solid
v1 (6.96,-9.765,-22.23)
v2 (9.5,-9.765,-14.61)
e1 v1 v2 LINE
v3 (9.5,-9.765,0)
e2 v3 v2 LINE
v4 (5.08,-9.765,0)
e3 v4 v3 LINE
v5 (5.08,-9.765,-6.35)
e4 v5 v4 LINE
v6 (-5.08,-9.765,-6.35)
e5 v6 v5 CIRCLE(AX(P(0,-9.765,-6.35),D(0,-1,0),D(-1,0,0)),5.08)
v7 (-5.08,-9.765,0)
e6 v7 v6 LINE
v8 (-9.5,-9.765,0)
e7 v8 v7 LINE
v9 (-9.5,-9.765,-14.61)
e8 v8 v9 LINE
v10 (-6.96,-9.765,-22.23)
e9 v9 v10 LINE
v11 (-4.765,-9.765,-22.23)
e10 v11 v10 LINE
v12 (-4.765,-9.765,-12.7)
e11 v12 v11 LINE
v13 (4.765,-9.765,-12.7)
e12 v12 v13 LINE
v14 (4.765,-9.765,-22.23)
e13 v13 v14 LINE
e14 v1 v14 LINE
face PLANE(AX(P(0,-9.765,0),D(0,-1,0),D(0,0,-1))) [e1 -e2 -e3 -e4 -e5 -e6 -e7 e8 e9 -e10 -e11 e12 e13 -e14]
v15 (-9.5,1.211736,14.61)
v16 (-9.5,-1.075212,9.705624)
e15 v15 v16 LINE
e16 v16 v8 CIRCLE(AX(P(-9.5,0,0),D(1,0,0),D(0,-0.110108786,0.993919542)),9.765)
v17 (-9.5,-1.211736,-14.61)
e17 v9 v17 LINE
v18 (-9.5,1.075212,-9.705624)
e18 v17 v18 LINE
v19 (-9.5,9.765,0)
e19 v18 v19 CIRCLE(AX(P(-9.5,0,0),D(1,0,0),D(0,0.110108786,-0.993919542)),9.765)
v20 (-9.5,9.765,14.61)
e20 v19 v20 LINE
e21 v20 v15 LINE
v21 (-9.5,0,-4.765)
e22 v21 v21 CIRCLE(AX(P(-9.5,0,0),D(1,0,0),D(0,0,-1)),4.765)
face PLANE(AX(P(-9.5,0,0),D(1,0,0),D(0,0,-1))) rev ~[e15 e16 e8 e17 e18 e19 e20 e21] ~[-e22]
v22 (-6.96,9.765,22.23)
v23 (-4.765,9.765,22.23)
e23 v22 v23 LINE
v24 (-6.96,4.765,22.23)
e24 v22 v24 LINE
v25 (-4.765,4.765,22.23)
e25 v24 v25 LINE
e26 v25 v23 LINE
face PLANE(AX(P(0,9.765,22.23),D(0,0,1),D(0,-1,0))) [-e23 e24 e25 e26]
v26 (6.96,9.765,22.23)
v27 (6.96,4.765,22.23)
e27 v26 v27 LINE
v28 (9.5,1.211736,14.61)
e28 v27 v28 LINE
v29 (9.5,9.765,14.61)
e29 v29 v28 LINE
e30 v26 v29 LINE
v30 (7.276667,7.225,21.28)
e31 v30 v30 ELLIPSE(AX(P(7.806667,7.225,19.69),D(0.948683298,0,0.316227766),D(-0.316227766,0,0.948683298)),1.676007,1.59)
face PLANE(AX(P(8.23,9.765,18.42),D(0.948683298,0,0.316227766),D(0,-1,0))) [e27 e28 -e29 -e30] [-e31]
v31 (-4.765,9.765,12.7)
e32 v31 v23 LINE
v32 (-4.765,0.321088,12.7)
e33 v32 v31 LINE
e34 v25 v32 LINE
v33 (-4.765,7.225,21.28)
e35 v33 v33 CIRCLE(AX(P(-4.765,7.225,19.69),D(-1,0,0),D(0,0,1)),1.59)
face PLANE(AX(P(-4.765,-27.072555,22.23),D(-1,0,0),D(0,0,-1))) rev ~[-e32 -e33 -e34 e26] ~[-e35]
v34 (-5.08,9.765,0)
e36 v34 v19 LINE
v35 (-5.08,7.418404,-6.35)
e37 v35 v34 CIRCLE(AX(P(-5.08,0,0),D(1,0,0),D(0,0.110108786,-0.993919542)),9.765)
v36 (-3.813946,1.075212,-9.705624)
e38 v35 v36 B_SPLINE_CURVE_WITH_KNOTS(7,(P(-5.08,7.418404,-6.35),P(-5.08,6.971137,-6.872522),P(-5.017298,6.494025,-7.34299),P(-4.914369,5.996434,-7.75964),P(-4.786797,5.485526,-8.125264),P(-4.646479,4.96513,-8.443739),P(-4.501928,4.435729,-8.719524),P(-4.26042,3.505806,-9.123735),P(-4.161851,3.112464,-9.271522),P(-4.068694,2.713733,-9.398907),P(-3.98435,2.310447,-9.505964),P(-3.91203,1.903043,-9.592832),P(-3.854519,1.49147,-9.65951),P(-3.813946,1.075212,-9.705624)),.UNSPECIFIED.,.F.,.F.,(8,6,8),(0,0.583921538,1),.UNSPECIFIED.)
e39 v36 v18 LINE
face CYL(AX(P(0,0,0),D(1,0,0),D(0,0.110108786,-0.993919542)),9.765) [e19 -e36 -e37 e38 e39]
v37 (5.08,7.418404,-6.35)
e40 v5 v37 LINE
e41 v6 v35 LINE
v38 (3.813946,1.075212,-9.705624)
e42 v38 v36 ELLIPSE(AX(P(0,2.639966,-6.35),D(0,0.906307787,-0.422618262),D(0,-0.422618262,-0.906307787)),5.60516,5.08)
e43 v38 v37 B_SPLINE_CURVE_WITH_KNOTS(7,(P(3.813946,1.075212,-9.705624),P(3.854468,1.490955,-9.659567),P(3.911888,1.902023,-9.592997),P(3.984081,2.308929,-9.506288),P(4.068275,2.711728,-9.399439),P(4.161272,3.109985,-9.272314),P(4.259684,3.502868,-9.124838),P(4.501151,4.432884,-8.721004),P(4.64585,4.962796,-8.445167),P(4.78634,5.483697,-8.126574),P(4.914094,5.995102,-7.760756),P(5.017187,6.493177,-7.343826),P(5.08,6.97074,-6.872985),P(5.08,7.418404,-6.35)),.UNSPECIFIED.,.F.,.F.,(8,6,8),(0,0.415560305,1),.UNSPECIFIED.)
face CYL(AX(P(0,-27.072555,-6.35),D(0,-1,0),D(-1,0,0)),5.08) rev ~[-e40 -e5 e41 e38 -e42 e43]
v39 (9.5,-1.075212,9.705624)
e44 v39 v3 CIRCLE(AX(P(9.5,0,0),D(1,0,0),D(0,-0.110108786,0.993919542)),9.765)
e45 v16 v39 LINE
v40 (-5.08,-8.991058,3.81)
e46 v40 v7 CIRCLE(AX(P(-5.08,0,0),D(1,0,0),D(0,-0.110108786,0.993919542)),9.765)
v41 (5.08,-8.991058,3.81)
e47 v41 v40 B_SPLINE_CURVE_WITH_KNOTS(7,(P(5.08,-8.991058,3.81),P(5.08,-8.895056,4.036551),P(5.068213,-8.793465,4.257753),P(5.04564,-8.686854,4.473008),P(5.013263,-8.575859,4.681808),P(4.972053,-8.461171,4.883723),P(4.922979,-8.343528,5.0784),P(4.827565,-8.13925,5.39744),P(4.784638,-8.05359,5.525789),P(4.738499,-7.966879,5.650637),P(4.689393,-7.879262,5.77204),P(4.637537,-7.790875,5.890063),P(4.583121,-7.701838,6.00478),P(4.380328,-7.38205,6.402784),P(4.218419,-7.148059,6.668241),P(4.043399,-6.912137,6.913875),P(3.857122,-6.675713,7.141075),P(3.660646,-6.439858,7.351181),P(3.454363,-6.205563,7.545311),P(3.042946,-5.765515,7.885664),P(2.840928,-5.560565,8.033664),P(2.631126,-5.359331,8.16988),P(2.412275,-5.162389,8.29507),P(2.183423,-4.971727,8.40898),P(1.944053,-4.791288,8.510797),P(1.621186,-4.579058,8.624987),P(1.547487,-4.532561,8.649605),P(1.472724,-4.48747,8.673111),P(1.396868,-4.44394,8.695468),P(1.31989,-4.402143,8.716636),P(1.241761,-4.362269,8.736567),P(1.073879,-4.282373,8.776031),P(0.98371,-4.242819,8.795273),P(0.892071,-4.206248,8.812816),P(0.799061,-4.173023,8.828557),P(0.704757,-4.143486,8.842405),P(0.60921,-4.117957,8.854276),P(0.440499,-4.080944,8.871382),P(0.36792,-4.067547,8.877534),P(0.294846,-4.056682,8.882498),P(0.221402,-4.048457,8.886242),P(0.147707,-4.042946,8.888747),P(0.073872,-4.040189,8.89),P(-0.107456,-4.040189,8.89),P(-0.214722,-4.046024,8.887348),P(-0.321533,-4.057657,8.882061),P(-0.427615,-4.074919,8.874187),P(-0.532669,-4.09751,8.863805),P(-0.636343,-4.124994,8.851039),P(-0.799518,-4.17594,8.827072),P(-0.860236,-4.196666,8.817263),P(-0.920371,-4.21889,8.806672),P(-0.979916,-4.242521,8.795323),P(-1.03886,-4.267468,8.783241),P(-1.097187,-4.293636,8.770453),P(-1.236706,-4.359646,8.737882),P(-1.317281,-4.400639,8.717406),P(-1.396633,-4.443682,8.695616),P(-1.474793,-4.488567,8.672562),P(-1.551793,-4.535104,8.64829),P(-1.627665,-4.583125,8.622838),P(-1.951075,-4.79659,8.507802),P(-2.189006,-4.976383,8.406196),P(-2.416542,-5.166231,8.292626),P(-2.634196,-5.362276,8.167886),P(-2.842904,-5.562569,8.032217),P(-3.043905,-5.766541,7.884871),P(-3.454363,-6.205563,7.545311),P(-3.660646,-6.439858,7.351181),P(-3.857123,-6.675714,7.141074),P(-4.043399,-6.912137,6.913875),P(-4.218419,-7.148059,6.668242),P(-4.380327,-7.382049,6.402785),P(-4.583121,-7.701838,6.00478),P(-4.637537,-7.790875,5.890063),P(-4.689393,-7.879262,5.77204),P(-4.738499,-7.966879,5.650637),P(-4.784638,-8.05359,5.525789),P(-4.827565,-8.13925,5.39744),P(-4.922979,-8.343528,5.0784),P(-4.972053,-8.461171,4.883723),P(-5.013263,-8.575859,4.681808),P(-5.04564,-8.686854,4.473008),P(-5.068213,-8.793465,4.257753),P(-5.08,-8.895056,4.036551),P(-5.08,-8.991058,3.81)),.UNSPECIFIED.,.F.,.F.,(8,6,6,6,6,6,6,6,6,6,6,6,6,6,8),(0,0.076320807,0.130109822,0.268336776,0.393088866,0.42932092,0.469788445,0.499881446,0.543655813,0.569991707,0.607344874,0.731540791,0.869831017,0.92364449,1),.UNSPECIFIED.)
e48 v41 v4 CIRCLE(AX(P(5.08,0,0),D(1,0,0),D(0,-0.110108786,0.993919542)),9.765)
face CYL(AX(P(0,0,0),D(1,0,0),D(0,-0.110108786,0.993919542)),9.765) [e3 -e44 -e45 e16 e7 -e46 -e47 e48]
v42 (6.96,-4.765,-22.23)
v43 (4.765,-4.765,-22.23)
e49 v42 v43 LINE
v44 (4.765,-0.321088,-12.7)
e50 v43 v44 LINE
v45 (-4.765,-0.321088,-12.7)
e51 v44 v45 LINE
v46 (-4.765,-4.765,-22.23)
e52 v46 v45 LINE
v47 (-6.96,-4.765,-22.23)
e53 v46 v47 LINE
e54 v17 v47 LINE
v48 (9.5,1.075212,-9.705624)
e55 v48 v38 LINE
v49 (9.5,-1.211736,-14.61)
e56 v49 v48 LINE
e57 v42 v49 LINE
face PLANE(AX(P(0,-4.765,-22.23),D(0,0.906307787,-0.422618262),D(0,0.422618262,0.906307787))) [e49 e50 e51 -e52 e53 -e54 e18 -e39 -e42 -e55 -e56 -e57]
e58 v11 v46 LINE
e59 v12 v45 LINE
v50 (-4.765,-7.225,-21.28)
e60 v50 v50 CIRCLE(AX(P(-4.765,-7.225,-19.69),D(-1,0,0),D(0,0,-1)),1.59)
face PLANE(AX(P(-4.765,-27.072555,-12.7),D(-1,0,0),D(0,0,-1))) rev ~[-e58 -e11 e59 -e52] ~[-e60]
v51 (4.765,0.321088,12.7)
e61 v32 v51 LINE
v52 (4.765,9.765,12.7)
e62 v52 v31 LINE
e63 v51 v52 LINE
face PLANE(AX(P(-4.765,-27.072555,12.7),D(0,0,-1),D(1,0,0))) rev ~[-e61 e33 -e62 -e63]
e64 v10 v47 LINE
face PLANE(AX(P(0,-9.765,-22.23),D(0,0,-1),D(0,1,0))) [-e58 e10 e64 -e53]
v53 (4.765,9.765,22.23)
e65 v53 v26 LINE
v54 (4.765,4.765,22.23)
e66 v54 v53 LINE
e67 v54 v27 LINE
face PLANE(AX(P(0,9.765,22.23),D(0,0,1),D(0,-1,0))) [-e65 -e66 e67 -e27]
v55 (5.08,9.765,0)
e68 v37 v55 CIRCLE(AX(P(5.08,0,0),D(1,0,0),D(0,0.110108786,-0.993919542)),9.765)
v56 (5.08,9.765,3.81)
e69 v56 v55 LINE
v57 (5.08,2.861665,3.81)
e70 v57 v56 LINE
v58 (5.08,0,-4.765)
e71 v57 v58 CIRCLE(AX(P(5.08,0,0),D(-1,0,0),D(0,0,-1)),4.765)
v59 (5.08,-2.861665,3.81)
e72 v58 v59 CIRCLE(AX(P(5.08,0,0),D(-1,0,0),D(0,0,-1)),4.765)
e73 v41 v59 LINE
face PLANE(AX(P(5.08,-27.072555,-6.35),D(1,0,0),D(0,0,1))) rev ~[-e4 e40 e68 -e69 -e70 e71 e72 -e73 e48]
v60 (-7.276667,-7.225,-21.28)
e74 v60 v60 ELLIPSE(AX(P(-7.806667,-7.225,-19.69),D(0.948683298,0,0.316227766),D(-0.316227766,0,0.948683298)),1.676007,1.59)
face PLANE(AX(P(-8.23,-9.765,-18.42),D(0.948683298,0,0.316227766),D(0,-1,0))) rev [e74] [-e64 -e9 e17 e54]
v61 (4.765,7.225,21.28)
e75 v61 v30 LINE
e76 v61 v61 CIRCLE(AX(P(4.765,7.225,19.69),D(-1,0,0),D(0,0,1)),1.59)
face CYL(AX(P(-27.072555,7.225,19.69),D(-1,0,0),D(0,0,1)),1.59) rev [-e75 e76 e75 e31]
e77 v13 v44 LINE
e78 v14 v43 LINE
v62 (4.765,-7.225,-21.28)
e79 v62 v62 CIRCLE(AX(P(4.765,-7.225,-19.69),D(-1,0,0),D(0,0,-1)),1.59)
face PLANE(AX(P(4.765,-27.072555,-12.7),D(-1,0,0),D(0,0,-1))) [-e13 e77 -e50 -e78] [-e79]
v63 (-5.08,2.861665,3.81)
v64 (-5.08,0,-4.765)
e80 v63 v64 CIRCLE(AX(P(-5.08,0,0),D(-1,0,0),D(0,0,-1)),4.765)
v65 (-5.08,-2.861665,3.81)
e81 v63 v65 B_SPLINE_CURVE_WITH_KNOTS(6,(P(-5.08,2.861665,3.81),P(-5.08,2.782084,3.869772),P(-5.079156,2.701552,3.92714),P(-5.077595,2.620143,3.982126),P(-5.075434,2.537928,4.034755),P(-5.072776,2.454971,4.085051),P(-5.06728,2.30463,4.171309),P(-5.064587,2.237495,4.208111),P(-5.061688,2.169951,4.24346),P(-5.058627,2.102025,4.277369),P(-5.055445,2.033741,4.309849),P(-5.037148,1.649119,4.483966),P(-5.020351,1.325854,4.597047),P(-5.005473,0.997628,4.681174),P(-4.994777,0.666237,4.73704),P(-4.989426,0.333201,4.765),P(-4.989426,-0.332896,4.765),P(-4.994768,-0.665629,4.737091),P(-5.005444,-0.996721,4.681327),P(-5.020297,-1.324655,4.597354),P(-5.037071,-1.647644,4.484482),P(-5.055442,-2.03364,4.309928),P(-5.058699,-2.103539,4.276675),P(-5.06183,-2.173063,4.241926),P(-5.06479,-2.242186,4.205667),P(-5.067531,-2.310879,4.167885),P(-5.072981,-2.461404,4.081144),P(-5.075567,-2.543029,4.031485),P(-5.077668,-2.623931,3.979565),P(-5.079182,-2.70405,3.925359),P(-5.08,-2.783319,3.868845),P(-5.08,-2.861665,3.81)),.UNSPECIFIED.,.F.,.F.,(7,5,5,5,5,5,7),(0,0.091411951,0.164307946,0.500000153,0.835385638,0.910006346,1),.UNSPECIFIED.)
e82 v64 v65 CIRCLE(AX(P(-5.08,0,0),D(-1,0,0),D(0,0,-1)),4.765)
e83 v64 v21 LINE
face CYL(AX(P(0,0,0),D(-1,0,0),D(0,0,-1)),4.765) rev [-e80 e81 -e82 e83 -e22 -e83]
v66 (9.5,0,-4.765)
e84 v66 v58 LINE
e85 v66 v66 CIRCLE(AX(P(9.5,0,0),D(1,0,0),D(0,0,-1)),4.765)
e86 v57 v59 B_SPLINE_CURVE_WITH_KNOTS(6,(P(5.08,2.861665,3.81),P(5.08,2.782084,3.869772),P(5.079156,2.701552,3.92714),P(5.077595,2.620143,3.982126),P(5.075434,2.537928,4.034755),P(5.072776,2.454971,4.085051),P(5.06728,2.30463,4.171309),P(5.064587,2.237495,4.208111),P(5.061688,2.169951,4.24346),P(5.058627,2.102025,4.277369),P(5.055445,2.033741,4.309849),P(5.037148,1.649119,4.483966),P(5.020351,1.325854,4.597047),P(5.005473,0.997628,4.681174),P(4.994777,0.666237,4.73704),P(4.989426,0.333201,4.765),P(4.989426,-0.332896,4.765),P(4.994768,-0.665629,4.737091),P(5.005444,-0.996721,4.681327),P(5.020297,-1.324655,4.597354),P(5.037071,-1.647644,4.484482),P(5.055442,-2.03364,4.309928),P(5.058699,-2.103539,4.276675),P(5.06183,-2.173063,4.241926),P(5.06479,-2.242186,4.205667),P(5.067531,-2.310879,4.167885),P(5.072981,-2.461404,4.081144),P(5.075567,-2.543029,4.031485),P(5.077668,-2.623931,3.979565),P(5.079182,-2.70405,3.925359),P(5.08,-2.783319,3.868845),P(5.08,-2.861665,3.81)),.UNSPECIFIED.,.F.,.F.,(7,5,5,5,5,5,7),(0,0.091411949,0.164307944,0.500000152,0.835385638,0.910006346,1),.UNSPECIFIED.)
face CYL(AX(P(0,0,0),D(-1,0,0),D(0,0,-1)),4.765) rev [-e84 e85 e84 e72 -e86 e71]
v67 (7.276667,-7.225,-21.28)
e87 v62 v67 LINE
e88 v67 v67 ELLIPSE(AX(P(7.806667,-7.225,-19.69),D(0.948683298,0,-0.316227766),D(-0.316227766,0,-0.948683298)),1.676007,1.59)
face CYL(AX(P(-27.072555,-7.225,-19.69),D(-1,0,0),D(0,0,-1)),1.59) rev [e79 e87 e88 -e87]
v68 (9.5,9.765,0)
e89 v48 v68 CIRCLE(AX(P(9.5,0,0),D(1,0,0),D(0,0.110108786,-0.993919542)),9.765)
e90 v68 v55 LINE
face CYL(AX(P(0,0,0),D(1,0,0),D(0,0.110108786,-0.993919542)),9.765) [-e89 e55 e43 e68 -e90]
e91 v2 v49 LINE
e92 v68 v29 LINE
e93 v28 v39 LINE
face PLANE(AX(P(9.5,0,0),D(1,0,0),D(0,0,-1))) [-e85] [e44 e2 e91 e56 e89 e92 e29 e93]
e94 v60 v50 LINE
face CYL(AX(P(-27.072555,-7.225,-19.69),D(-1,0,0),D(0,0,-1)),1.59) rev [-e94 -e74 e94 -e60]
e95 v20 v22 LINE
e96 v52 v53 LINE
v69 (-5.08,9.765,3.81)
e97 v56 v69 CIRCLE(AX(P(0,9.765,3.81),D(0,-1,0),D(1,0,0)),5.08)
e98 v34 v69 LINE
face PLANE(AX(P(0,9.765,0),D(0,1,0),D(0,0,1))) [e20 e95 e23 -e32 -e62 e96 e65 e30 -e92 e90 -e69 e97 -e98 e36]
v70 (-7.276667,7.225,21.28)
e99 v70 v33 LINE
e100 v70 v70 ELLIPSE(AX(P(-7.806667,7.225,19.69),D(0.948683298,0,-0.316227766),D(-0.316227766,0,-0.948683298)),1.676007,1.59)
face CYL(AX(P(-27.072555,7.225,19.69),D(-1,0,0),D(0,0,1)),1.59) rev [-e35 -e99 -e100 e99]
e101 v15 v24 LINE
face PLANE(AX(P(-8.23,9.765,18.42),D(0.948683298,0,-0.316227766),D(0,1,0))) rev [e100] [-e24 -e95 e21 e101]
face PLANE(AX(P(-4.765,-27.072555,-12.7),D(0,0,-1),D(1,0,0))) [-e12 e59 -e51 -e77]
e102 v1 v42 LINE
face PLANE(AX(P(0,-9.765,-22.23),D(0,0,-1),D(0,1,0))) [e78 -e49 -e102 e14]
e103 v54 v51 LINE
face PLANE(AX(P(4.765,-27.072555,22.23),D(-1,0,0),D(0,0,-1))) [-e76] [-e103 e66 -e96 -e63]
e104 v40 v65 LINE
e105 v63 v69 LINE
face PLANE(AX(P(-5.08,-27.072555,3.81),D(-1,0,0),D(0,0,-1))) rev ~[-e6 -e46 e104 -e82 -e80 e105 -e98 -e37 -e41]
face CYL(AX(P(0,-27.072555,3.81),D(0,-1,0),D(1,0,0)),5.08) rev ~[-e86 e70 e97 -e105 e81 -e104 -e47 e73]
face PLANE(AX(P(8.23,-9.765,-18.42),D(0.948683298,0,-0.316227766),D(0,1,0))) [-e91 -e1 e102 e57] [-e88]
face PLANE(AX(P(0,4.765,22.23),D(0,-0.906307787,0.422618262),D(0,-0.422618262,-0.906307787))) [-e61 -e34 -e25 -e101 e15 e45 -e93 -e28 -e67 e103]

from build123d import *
from OCP.BRepFilletAPI import BRepFilletAPI_MakeChamfer

# Parameters (mm, degrees)
SKETCH1_R               = 4.765
BOSS_EXTRUDE1_DEPTH     = 9.5
CHAMFER1_SIZE           = 2.54
CHAMFER1_SIZE2          = 7.62
CHAMFER2_SIZE           = 7.62
CHAMFER2_SIZE2          = 2.54
CUT_EXTRUDE1_DEPTH      = 27.072555015
CUT_EXTRUDE1_DEPTH_BACK = 27.072555015
CUT_EXTRUDE2_DEPTH      = 27.072555089
CUT_EXTRUDE2_DEPTH_BACK = 27.072555089
SKETCH3_W               = 9.53
SKETCH3_H               = 9.53
CUT_EXTRUDE3_DEPTH      = 27.072555089
CUT_EXTRUDE3_DEPTH_BACK = 27.072555089
SKETCH4_R               = 1.59


with BuildPart() as part:
    # Sketch1 → Boss-Extrude1 (new, symmetric)
    with BuildSketch(Plane(origin=(0, 0, 0), x_dir=(0, 0, -1), z_dir=(1, 0, 0))):
        with BuildLine():
            Line((0, 9.765), (-22.23, 9.765))
            Line((-22.23, 9.765), (-22.23, 4.765))
            Line((-22.23, 4.765), (-9.705624325, -1.075212291))
            ThreePointArc((-9.705624325, -1.075212291), (-6.513669357, -7.275117629), (0, -9.765))
            Line((0, -9.765), (22.23, -9.765))
            Line((22.23, -9.765), (22.23, -4.765))
            Line((22.23, -4.765), (9.705624325, 1.075212291))
            ThreePointArc((9.705624325, 1.075212291), (6.513669357, 7.275117629), (0, 9.765))
        make_face()
        Circle(SKETCH1_R, mode=Mode.SUBTRACT)
    extrude(amount=BOSS_EXTRUDE1_DEPTH, both=True)

    # Chamfer1: one chamfer whose edges measure the first distance from different faces: ONE call of the kernel's chamfer builder (chamfer() names one face for all edges)
    chamfer1_edges_1 = [part.edges().sort_by_distance(p)[0] for p in [
        (9.5, -7.265, -22.23),
    ]]
    chamfer1_side_1 = [part.faces().sort_by_distance(p)[0] for p in [
        (0, -7.265, -22.23),
    ]]
    chamfer1_edges_2 = [part.edges().sort_by_distance(p)[0] for p in [
        (9.5, 7.265, 22.23),
    ]]
    chamfer1_side_2 = [part.faces().sort_by_distance(p)[0] for p in [
        (0, 7.265, 22.23),
    ]]
    chamfer1 = BRepFilletAPI_MakeChamfer(part.part.solid().wrapped)
    for e in chamfer1_edges_1:
        chamfer1.Add(CHAMFER1_SIZE, CHAMFER1_SIZE2, e.wrapped, chamfer1_side_1[0].wrapped)  # the first distance lies on this face
    for e in chamfer1_edges_2:
        chamfer1.Add(CHAMFER1_SIZE, CHAMFER1_SIZE2, e.wrapped, chamfer1_side_2[0].wrapped)  # the first distance lies on this face
    add(Compound.cast(chamfer1.Shape()), mode=Mode.REPLACE)

    # Chamfer2
    chamfer2_edges = [part.edges().sort_by_distance(p)[0] for p in [
        (-9.5, 7.265, 22.23),
        (-9.5, -7.265, -22.23),
    ]]
    chamfer2_side = [part.faces().sort_by_distance(p)[0] for p in [
        (-9.5, 9.279395995, 11.115),
    ]]
    chamfer(chamfer2_edges, length=CHAMFER2_SIZE, length2=CHAMFER2_SIZE2, reference=chamfer2_side[0])

    # Sketch2 → Cut-Extrude1 (cut, two sides: drawn at the far end of the back side and taken through both)
    with BuildSketch(Plane(origin=(0, 0, 0), x_dir=(1, 0, 0), z_dir=(0, 1, 0)).offset(-CUT_EXTRUDE1_DEPTH_BACK)):
        with BuildLine():
            Line((-5.08, -3.81), (-5.08, 6.35))
            ThreePointArc((-5.08, 6.35), (0, 11.43), (5.08, 6.35))
            Line((5.08, 6.35), (5.08, -3.81))
            ThreePointArc((5.08, -3.81), (0, -8.89), (-5.08, -3.81))
        make_face()
    extrude(amount=CUT_EXTRUDE1_DEPTH + CUT_EXTRUDE1_DEPTH_BACK, mode=Mode.SUBTRACT)

    # Sketch3 → Cut-Extrude2 (cut, two sides: drawn at the far end of the back side and taken through both)
    with BuildSketch(Plane(origin=(0, 0, 0), x_dir=(1, 0, 0), z_dir=(0, 1, 0)).offset(-CUT_EXTRUDE2_DEPTH_BACK)):
        with Locations((0, 17.465)):
            Rectangle(SKETCH3_W, SKETCH3_H)
        with Locations((0, -17.465)):
            Rectangle(SKETCH3_W, SKETCH3_H)
    extrude(amount=CUT_EXTRUDE2_DEPTH + CUT_EXTRUDE2_DEPTH_BACK, mode=Mode.SUBTRACT)

    # Sketch4 → Cut-Extrude3 (cut, two sides: drawn at the far end of the back side and taken through both)
    with BuildSketch(Plane(origin=(0, 0, 0), x_dir=(0, 0, -1), z_dir=(1, 0, 0)).offset(-CUT_EXTRUDE3_DEPTH_BACK)):
        with Locations(Location((-19.69, 7.225, 0), (0, 0, 180))):
            Circle(SKETCH4_R)
        with Locations((19.69, -7.225)):
            Circle(SKETCH4_R)
    extrude(amount=CUT_EXTRUDE3_DEPTH + CUT_EXTRUDE3_DEPTH_BACK, mode=Mode.SUBTRACT)


solid = part.part
